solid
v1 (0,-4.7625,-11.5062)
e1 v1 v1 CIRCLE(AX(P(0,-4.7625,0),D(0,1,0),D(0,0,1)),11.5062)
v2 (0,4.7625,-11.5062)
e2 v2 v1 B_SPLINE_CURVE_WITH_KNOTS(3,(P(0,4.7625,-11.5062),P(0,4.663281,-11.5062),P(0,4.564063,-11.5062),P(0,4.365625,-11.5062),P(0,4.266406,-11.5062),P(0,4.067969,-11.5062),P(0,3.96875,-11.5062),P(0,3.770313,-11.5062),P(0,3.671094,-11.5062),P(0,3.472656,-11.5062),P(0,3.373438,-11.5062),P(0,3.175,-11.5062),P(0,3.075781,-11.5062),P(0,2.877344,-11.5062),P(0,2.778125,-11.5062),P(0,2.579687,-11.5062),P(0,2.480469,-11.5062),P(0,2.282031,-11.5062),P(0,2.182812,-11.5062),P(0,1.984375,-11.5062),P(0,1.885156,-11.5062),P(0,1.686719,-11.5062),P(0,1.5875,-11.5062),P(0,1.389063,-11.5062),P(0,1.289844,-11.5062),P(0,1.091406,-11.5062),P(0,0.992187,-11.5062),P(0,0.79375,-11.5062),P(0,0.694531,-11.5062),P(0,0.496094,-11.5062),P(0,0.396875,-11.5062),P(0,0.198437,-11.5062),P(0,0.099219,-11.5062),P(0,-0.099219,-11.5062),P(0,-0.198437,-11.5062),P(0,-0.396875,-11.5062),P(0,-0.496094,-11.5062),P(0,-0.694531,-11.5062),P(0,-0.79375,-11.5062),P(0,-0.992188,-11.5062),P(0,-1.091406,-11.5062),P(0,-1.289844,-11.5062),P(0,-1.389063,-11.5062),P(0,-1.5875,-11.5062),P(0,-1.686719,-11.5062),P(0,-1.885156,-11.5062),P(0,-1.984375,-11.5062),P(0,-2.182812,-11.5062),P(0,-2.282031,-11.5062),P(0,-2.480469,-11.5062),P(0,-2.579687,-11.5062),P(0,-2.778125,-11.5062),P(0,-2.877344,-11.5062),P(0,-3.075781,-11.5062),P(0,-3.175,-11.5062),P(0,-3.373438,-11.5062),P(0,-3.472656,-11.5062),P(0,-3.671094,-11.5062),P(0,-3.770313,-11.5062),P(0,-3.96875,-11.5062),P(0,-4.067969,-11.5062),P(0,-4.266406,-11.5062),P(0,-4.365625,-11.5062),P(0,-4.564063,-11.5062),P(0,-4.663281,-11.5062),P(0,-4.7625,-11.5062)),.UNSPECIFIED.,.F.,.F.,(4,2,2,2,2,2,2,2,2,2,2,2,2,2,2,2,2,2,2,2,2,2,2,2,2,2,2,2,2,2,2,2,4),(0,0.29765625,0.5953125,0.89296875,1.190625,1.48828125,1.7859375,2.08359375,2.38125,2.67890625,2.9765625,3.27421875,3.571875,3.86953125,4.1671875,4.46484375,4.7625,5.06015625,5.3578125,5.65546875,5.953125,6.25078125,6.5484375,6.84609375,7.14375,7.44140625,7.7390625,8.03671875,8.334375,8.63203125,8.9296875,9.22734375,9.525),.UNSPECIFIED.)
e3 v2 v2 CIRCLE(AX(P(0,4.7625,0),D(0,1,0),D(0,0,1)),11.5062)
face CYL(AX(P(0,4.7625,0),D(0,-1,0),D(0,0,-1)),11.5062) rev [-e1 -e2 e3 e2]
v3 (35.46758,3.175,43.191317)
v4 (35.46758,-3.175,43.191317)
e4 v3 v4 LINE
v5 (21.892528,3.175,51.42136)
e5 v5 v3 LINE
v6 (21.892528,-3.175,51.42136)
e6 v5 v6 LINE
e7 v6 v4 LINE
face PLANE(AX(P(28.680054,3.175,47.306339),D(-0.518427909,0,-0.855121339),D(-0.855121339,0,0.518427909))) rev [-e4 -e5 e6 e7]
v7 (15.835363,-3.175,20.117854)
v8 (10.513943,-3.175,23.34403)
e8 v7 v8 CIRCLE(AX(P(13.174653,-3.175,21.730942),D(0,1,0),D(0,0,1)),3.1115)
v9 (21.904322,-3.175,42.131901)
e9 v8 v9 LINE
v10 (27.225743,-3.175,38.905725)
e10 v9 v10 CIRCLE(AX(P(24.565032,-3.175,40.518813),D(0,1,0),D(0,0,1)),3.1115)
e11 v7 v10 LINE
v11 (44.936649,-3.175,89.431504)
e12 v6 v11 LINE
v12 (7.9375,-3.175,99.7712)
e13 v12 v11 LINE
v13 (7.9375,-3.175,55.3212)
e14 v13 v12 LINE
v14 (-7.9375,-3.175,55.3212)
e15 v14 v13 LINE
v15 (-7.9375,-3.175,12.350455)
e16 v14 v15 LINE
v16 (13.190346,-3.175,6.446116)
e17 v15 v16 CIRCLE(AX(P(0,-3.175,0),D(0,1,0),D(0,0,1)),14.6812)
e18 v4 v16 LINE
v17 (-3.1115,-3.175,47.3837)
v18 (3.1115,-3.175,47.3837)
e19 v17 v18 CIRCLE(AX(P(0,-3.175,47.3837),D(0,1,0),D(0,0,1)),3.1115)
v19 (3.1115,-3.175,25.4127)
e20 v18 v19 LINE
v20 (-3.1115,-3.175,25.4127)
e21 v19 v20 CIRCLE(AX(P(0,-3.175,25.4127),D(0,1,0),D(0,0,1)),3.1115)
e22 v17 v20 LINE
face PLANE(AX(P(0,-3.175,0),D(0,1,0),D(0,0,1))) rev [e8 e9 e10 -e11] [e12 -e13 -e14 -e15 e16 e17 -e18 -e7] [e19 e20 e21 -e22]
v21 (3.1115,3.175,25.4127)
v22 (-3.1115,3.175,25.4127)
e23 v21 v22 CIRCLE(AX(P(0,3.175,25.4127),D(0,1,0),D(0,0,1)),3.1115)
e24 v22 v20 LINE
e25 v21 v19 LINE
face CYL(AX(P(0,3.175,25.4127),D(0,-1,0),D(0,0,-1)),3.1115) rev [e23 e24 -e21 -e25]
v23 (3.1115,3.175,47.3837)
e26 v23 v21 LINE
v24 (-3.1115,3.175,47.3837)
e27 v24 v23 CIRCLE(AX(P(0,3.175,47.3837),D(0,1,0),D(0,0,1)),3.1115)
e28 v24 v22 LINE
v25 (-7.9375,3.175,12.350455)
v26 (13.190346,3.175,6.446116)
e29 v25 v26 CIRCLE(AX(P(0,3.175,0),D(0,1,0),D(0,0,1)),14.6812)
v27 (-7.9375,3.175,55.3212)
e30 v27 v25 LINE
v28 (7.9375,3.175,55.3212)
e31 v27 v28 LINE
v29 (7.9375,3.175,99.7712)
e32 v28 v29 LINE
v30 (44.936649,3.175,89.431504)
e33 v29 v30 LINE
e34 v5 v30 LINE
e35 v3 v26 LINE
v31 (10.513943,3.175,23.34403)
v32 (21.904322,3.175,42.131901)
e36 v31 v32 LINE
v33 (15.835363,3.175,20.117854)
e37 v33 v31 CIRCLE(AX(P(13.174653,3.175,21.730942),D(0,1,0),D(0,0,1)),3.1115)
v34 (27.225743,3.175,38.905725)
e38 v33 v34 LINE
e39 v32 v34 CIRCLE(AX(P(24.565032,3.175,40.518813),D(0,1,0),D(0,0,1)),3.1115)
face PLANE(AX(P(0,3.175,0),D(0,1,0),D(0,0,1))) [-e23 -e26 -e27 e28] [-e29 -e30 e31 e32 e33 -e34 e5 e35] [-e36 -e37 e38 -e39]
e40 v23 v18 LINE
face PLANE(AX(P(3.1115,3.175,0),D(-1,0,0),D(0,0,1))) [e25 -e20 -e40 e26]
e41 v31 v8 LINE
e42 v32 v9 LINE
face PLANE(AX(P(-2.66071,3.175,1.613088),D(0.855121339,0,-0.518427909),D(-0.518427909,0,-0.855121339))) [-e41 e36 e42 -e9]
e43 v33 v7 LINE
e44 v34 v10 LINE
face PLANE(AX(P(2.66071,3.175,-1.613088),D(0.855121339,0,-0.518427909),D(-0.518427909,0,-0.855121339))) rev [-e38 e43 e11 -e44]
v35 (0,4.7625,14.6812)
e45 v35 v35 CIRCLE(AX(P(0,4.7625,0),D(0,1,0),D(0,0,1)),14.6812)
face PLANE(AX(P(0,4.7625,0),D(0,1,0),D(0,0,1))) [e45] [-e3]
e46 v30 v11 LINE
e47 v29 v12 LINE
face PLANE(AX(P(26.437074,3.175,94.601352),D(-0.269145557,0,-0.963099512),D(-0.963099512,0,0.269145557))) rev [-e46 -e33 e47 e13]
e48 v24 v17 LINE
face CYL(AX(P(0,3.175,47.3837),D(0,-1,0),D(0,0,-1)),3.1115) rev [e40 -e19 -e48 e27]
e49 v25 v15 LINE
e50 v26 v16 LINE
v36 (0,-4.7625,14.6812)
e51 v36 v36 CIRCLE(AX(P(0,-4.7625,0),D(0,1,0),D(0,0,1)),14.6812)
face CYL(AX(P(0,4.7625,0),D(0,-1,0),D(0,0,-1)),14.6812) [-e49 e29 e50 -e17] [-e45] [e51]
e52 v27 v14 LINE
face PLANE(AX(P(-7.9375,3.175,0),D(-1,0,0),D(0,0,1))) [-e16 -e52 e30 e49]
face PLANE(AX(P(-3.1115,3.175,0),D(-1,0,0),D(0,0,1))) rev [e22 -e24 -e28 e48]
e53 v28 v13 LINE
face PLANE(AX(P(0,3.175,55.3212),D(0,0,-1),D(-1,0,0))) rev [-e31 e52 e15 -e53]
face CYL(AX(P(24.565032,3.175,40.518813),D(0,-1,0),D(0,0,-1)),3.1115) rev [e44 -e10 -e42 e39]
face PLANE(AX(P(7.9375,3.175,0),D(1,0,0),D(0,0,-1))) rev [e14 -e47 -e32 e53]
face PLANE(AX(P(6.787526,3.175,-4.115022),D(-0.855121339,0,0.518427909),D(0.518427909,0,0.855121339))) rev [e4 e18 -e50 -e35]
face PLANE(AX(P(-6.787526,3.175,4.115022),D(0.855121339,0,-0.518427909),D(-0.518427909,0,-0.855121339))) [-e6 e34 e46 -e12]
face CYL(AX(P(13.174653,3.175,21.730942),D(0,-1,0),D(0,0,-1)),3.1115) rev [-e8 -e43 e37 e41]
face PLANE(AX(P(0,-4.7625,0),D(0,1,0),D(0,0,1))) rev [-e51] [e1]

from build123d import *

# Parameters (mm, degrees)
SKETCH1_R             = 11.5062
BEARING_EXTRUDE_DEPTH = 4.7625
BOSS_EXTRUDE2_DEPTH   = 3.175


with BuildPart() as part:
    # Sketch1 → Bearing extrude (new, symmetric)
    with BuildSketch(Plane(origin=(0, 0, 0), x_dir=(1, 0, 0), z_dir=(0, 1, 0))):
        with BuildLine():
            ThreePointArc((14.6812, 0), (-7.035822924, 12.885450292), (-7.9375, -12.350454534))
            ThreePointArc((-7.9375, -12.350454534), (3.951379748, -14.13945655), (13.190345938, -6.446115688))
            ThreePointArc((13.190345938, -6.446115688), (14.303631361, -3.308135929), (14.6812, 0))
        make_face()
        Circle(SKETCH1_R, mode=Mode.SUBTRACT)
    extrude(amount=BEARING_EXTRUDE_DEPTH, both=True)

    # Sketch1<5> → Boss-Extrude2 (add, symmetric)
    with BuildSketch(Plane(origin=(0, 0, 0), x_dir=(1, 0, 0), z_dir=(0, 1, 0))):
        with BuildLine():
            Line((-7.9375, -12.350454534), (-7.9375, -55.3212))
            Line((-7.9375, -55.3212), (7.9375, -55.3212))
            Line((7.9375, -55.3212), (7.9375, -99.7712))
            Line((7.9375, -99.7712), (44.936648924, -89.431503617))
            Line((44.936648924, -89.431503617), (21.89252839, -51.421360118))
            Line((21.89252839, -51.421360118), (28.680054014, -47.306338594))
            Line((28.680054014, -47.306338594), (35.467579639, -43.19131707))
            Line((35.467579639, -43.19131707), (13.190345938, -6.446115688))
            ThreePointArc((13.190345938, -6.446115688), (3.951379748, -14.13945655), (-7.9375, -12.350454534))
        make_face()
        with BuildLine():
            ThreePointArc((3.1115, -47.3837), (0, -50.4952), (-3.1115, -47.3837))
            Line((-3.1115, -47.3837), (-3.1115, -25.4127))
            ThreePointArc((-3.1115, -25.4127), (0, -22.3012), (3.1115, -25.4127))
            Line((3.1115, -25.4127), (3.1115, -47.3837))
        make_face(mode=Mode.SUBTRACT)
        with BuildLine():
            ThreePointArc((27.225742535, -38.905724532), (27.587064378, -41.259593312), (26.178120928, -43.179523014))
            ThreePointArc((26.178120928, -43.179523014), (23.824252147, -43.540844858), (21.904322445, -42.131901407))
            Line((21.904322445, -42.131901407), (10.513942867, -23.344030478))
            ThreePointArc((10.513942867, -23.344030478), (11.561564474, -19.070231995), (15.835362956, -20.117853603))
            Line((15.835362956, -20.117853603), (27.225742535, -38.905724532))
        make_face(mode=Mode.SUBTRACT)
    extrude(amount=BOSS_EXTRUDE2_DEPTH, both=True)


solid = part.part
